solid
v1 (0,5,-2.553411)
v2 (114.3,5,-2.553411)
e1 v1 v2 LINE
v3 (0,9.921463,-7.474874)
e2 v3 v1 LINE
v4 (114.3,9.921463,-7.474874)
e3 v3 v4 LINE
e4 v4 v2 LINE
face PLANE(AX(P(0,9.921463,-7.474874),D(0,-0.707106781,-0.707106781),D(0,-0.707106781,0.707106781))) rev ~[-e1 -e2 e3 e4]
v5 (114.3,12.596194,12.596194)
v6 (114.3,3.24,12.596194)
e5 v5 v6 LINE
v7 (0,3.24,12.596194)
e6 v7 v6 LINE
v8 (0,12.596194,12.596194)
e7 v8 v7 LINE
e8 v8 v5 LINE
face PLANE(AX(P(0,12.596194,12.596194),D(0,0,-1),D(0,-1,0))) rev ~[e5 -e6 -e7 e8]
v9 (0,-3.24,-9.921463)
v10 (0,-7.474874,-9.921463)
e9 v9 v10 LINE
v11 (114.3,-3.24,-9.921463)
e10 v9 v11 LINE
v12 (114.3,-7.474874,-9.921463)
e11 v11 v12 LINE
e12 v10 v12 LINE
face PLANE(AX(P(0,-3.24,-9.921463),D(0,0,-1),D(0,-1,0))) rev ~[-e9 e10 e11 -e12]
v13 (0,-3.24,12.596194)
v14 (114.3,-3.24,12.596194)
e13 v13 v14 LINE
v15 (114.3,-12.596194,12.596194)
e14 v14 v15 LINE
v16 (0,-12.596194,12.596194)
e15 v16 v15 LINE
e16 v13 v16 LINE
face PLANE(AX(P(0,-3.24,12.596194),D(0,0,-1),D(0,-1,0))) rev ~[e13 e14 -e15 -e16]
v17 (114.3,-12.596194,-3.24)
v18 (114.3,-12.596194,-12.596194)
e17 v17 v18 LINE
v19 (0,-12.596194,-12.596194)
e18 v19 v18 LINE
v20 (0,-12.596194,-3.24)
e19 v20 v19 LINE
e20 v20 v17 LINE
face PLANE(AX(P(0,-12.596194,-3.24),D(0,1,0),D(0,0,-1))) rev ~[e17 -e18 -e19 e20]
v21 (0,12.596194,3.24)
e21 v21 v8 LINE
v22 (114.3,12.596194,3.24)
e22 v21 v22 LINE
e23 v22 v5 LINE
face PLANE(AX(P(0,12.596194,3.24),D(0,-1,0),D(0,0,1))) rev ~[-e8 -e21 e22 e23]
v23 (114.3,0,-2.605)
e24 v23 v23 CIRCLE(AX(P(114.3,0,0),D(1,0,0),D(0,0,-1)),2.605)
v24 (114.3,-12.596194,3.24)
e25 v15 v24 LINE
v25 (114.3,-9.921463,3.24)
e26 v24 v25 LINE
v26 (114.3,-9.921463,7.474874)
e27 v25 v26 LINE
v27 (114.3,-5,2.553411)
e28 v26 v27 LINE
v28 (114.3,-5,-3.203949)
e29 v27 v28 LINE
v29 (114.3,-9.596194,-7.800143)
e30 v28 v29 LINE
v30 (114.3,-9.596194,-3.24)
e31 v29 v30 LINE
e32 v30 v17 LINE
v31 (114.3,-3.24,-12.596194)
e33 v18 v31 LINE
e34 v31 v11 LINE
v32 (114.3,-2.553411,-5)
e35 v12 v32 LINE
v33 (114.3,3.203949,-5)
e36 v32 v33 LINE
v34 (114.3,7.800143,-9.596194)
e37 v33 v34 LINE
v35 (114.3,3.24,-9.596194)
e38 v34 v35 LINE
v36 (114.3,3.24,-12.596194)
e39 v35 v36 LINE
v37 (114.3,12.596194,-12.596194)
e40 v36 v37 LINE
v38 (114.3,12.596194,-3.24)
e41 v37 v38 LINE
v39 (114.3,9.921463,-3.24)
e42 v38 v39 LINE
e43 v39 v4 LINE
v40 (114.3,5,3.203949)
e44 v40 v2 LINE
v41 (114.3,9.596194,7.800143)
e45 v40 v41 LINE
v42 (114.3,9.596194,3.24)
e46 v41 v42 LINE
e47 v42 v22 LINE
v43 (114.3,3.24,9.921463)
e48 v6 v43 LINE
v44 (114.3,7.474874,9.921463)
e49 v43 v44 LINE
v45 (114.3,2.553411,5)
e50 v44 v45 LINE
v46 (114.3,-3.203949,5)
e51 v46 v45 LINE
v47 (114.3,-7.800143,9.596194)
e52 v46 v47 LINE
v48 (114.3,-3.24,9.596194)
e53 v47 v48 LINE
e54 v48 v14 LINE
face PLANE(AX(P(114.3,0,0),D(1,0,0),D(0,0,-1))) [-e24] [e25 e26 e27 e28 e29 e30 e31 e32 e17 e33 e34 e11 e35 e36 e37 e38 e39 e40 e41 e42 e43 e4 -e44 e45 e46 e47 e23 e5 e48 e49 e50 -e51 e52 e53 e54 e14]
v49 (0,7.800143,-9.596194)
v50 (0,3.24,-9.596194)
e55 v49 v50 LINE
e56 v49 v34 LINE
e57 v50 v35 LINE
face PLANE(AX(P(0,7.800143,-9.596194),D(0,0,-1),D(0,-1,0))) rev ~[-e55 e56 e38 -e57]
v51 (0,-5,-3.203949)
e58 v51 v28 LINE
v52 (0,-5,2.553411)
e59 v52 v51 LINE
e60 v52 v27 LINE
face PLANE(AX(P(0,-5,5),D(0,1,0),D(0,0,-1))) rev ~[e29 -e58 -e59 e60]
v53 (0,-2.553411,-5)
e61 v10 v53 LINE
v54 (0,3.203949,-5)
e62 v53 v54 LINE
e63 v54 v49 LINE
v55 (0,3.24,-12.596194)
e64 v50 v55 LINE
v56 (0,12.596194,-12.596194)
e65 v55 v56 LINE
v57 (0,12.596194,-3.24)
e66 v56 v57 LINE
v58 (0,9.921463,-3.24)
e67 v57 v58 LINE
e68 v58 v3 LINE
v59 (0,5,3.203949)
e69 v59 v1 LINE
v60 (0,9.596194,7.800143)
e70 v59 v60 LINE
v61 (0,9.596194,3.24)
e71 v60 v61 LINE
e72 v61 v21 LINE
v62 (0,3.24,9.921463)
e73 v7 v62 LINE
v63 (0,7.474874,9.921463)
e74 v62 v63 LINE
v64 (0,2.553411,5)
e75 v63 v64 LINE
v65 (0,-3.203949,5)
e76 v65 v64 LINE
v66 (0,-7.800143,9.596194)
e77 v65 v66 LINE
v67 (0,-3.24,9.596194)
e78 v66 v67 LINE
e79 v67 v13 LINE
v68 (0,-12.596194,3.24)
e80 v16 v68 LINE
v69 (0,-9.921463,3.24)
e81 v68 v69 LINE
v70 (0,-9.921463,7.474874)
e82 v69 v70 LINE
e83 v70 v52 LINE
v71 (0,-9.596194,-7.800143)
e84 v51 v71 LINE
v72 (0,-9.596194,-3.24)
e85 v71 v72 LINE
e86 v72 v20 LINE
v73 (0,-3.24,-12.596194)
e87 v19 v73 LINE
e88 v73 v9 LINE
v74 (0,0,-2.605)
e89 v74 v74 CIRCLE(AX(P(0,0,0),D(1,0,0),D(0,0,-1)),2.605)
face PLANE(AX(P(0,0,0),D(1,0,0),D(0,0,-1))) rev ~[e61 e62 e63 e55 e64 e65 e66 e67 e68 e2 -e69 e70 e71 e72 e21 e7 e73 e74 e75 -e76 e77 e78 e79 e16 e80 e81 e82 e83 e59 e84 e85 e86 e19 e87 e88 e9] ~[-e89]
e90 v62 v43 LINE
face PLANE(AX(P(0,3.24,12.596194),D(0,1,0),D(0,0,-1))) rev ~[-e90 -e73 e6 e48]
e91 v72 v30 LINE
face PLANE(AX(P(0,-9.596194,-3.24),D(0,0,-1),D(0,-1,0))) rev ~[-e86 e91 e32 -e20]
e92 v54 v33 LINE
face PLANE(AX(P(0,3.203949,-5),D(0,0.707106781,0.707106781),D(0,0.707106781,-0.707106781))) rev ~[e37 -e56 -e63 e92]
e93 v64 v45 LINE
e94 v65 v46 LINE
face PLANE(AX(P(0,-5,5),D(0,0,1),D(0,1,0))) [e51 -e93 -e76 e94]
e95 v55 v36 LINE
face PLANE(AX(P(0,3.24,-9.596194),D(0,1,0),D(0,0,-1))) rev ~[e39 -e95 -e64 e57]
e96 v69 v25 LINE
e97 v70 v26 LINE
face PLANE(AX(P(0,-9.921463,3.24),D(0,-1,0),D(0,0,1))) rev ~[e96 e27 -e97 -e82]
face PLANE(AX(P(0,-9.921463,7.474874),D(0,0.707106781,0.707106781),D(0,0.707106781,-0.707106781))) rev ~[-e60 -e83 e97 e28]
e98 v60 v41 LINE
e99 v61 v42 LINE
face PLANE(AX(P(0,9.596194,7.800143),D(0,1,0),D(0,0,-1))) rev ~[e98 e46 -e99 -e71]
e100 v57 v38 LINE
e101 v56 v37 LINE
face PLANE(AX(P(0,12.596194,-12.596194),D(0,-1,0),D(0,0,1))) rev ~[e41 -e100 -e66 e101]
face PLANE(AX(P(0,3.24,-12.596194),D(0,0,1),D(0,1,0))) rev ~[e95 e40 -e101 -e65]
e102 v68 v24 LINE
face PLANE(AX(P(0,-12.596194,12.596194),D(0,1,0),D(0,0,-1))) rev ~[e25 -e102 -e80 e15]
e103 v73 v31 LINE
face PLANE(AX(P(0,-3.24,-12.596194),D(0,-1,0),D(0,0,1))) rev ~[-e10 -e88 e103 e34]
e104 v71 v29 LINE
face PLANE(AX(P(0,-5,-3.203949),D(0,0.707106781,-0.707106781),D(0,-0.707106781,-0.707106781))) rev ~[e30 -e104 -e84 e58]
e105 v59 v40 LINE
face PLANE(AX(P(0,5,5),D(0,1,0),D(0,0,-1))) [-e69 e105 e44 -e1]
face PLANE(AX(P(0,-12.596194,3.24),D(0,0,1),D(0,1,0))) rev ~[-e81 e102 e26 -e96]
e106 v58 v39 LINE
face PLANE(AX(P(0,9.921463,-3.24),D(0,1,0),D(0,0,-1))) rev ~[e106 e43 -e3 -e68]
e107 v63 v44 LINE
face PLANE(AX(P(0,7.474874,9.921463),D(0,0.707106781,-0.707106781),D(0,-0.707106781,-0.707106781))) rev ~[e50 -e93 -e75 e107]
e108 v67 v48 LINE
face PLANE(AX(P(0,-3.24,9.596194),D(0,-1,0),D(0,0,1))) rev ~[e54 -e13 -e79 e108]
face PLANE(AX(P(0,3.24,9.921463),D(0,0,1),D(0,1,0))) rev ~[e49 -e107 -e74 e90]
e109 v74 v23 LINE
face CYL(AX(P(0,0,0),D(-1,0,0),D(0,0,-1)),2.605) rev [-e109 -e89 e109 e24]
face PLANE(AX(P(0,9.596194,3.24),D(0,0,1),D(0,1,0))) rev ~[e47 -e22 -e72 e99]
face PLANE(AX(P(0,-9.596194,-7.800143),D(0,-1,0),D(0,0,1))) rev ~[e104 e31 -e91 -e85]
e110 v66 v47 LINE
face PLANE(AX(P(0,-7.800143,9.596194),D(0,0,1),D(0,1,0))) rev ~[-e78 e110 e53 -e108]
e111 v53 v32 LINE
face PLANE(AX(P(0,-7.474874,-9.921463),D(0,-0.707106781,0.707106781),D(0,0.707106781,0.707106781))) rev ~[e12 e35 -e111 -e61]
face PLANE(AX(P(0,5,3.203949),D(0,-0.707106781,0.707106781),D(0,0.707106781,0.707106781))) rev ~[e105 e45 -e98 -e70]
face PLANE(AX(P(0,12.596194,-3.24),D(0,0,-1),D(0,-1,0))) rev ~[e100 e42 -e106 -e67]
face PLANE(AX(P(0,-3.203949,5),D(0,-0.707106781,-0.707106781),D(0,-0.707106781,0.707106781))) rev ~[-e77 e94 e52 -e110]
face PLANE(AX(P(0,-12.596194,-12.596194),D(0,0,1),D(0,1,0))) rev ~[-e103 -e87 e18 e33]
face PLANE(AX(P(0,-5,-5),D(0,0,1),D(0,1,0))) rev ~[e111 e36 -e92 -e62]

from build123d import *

# Parameters (mm, degrees)
SKETCH1_R           = 2.605
BOSS_EXTRUDE1_DEPTH = 114.3
CIRPATTERN1_COUNT   = 4


with BuildPart() as part:
    # Sketch1 → Boss-Extrude1 (new body)
    with BuildSketch(Plane(origin=(0, 0, 0), x_dir=(0, 0, -1), z_dir=(1, 0, 0))):
        Polygon((5, -5), (5, 3.203948776), (9.596194078, 7.800142853), (9.596194078, 3.24), (12.596194078, 3.24), (12.596194078, 12.596194078), (3.24, 12.596194078), (3.24, 9.921463197), (7.474873734, 9.921463197), (2.553410537, 5), (-5, 5), (-5, -5), align=None)
        Circle(SKETCH1_R, mode=Mode.SUBTRACT)
    boss_extrude1 = extrude(amount=BOSS_EXTRUDE1_DEPTH)

    # CirPattern1: Boss-Extrude1 ×4 about axis
    cirpattern1_axis = Axis((0, 0, 0), (1, 0, 0))
    for i in range(1, CIRPATTERN1_COUNT):
        add(boss_extrude1.rotate(cirpattern1_axis, i * 360 / CIRPATTERN1_COUNT))


solid = part.part
